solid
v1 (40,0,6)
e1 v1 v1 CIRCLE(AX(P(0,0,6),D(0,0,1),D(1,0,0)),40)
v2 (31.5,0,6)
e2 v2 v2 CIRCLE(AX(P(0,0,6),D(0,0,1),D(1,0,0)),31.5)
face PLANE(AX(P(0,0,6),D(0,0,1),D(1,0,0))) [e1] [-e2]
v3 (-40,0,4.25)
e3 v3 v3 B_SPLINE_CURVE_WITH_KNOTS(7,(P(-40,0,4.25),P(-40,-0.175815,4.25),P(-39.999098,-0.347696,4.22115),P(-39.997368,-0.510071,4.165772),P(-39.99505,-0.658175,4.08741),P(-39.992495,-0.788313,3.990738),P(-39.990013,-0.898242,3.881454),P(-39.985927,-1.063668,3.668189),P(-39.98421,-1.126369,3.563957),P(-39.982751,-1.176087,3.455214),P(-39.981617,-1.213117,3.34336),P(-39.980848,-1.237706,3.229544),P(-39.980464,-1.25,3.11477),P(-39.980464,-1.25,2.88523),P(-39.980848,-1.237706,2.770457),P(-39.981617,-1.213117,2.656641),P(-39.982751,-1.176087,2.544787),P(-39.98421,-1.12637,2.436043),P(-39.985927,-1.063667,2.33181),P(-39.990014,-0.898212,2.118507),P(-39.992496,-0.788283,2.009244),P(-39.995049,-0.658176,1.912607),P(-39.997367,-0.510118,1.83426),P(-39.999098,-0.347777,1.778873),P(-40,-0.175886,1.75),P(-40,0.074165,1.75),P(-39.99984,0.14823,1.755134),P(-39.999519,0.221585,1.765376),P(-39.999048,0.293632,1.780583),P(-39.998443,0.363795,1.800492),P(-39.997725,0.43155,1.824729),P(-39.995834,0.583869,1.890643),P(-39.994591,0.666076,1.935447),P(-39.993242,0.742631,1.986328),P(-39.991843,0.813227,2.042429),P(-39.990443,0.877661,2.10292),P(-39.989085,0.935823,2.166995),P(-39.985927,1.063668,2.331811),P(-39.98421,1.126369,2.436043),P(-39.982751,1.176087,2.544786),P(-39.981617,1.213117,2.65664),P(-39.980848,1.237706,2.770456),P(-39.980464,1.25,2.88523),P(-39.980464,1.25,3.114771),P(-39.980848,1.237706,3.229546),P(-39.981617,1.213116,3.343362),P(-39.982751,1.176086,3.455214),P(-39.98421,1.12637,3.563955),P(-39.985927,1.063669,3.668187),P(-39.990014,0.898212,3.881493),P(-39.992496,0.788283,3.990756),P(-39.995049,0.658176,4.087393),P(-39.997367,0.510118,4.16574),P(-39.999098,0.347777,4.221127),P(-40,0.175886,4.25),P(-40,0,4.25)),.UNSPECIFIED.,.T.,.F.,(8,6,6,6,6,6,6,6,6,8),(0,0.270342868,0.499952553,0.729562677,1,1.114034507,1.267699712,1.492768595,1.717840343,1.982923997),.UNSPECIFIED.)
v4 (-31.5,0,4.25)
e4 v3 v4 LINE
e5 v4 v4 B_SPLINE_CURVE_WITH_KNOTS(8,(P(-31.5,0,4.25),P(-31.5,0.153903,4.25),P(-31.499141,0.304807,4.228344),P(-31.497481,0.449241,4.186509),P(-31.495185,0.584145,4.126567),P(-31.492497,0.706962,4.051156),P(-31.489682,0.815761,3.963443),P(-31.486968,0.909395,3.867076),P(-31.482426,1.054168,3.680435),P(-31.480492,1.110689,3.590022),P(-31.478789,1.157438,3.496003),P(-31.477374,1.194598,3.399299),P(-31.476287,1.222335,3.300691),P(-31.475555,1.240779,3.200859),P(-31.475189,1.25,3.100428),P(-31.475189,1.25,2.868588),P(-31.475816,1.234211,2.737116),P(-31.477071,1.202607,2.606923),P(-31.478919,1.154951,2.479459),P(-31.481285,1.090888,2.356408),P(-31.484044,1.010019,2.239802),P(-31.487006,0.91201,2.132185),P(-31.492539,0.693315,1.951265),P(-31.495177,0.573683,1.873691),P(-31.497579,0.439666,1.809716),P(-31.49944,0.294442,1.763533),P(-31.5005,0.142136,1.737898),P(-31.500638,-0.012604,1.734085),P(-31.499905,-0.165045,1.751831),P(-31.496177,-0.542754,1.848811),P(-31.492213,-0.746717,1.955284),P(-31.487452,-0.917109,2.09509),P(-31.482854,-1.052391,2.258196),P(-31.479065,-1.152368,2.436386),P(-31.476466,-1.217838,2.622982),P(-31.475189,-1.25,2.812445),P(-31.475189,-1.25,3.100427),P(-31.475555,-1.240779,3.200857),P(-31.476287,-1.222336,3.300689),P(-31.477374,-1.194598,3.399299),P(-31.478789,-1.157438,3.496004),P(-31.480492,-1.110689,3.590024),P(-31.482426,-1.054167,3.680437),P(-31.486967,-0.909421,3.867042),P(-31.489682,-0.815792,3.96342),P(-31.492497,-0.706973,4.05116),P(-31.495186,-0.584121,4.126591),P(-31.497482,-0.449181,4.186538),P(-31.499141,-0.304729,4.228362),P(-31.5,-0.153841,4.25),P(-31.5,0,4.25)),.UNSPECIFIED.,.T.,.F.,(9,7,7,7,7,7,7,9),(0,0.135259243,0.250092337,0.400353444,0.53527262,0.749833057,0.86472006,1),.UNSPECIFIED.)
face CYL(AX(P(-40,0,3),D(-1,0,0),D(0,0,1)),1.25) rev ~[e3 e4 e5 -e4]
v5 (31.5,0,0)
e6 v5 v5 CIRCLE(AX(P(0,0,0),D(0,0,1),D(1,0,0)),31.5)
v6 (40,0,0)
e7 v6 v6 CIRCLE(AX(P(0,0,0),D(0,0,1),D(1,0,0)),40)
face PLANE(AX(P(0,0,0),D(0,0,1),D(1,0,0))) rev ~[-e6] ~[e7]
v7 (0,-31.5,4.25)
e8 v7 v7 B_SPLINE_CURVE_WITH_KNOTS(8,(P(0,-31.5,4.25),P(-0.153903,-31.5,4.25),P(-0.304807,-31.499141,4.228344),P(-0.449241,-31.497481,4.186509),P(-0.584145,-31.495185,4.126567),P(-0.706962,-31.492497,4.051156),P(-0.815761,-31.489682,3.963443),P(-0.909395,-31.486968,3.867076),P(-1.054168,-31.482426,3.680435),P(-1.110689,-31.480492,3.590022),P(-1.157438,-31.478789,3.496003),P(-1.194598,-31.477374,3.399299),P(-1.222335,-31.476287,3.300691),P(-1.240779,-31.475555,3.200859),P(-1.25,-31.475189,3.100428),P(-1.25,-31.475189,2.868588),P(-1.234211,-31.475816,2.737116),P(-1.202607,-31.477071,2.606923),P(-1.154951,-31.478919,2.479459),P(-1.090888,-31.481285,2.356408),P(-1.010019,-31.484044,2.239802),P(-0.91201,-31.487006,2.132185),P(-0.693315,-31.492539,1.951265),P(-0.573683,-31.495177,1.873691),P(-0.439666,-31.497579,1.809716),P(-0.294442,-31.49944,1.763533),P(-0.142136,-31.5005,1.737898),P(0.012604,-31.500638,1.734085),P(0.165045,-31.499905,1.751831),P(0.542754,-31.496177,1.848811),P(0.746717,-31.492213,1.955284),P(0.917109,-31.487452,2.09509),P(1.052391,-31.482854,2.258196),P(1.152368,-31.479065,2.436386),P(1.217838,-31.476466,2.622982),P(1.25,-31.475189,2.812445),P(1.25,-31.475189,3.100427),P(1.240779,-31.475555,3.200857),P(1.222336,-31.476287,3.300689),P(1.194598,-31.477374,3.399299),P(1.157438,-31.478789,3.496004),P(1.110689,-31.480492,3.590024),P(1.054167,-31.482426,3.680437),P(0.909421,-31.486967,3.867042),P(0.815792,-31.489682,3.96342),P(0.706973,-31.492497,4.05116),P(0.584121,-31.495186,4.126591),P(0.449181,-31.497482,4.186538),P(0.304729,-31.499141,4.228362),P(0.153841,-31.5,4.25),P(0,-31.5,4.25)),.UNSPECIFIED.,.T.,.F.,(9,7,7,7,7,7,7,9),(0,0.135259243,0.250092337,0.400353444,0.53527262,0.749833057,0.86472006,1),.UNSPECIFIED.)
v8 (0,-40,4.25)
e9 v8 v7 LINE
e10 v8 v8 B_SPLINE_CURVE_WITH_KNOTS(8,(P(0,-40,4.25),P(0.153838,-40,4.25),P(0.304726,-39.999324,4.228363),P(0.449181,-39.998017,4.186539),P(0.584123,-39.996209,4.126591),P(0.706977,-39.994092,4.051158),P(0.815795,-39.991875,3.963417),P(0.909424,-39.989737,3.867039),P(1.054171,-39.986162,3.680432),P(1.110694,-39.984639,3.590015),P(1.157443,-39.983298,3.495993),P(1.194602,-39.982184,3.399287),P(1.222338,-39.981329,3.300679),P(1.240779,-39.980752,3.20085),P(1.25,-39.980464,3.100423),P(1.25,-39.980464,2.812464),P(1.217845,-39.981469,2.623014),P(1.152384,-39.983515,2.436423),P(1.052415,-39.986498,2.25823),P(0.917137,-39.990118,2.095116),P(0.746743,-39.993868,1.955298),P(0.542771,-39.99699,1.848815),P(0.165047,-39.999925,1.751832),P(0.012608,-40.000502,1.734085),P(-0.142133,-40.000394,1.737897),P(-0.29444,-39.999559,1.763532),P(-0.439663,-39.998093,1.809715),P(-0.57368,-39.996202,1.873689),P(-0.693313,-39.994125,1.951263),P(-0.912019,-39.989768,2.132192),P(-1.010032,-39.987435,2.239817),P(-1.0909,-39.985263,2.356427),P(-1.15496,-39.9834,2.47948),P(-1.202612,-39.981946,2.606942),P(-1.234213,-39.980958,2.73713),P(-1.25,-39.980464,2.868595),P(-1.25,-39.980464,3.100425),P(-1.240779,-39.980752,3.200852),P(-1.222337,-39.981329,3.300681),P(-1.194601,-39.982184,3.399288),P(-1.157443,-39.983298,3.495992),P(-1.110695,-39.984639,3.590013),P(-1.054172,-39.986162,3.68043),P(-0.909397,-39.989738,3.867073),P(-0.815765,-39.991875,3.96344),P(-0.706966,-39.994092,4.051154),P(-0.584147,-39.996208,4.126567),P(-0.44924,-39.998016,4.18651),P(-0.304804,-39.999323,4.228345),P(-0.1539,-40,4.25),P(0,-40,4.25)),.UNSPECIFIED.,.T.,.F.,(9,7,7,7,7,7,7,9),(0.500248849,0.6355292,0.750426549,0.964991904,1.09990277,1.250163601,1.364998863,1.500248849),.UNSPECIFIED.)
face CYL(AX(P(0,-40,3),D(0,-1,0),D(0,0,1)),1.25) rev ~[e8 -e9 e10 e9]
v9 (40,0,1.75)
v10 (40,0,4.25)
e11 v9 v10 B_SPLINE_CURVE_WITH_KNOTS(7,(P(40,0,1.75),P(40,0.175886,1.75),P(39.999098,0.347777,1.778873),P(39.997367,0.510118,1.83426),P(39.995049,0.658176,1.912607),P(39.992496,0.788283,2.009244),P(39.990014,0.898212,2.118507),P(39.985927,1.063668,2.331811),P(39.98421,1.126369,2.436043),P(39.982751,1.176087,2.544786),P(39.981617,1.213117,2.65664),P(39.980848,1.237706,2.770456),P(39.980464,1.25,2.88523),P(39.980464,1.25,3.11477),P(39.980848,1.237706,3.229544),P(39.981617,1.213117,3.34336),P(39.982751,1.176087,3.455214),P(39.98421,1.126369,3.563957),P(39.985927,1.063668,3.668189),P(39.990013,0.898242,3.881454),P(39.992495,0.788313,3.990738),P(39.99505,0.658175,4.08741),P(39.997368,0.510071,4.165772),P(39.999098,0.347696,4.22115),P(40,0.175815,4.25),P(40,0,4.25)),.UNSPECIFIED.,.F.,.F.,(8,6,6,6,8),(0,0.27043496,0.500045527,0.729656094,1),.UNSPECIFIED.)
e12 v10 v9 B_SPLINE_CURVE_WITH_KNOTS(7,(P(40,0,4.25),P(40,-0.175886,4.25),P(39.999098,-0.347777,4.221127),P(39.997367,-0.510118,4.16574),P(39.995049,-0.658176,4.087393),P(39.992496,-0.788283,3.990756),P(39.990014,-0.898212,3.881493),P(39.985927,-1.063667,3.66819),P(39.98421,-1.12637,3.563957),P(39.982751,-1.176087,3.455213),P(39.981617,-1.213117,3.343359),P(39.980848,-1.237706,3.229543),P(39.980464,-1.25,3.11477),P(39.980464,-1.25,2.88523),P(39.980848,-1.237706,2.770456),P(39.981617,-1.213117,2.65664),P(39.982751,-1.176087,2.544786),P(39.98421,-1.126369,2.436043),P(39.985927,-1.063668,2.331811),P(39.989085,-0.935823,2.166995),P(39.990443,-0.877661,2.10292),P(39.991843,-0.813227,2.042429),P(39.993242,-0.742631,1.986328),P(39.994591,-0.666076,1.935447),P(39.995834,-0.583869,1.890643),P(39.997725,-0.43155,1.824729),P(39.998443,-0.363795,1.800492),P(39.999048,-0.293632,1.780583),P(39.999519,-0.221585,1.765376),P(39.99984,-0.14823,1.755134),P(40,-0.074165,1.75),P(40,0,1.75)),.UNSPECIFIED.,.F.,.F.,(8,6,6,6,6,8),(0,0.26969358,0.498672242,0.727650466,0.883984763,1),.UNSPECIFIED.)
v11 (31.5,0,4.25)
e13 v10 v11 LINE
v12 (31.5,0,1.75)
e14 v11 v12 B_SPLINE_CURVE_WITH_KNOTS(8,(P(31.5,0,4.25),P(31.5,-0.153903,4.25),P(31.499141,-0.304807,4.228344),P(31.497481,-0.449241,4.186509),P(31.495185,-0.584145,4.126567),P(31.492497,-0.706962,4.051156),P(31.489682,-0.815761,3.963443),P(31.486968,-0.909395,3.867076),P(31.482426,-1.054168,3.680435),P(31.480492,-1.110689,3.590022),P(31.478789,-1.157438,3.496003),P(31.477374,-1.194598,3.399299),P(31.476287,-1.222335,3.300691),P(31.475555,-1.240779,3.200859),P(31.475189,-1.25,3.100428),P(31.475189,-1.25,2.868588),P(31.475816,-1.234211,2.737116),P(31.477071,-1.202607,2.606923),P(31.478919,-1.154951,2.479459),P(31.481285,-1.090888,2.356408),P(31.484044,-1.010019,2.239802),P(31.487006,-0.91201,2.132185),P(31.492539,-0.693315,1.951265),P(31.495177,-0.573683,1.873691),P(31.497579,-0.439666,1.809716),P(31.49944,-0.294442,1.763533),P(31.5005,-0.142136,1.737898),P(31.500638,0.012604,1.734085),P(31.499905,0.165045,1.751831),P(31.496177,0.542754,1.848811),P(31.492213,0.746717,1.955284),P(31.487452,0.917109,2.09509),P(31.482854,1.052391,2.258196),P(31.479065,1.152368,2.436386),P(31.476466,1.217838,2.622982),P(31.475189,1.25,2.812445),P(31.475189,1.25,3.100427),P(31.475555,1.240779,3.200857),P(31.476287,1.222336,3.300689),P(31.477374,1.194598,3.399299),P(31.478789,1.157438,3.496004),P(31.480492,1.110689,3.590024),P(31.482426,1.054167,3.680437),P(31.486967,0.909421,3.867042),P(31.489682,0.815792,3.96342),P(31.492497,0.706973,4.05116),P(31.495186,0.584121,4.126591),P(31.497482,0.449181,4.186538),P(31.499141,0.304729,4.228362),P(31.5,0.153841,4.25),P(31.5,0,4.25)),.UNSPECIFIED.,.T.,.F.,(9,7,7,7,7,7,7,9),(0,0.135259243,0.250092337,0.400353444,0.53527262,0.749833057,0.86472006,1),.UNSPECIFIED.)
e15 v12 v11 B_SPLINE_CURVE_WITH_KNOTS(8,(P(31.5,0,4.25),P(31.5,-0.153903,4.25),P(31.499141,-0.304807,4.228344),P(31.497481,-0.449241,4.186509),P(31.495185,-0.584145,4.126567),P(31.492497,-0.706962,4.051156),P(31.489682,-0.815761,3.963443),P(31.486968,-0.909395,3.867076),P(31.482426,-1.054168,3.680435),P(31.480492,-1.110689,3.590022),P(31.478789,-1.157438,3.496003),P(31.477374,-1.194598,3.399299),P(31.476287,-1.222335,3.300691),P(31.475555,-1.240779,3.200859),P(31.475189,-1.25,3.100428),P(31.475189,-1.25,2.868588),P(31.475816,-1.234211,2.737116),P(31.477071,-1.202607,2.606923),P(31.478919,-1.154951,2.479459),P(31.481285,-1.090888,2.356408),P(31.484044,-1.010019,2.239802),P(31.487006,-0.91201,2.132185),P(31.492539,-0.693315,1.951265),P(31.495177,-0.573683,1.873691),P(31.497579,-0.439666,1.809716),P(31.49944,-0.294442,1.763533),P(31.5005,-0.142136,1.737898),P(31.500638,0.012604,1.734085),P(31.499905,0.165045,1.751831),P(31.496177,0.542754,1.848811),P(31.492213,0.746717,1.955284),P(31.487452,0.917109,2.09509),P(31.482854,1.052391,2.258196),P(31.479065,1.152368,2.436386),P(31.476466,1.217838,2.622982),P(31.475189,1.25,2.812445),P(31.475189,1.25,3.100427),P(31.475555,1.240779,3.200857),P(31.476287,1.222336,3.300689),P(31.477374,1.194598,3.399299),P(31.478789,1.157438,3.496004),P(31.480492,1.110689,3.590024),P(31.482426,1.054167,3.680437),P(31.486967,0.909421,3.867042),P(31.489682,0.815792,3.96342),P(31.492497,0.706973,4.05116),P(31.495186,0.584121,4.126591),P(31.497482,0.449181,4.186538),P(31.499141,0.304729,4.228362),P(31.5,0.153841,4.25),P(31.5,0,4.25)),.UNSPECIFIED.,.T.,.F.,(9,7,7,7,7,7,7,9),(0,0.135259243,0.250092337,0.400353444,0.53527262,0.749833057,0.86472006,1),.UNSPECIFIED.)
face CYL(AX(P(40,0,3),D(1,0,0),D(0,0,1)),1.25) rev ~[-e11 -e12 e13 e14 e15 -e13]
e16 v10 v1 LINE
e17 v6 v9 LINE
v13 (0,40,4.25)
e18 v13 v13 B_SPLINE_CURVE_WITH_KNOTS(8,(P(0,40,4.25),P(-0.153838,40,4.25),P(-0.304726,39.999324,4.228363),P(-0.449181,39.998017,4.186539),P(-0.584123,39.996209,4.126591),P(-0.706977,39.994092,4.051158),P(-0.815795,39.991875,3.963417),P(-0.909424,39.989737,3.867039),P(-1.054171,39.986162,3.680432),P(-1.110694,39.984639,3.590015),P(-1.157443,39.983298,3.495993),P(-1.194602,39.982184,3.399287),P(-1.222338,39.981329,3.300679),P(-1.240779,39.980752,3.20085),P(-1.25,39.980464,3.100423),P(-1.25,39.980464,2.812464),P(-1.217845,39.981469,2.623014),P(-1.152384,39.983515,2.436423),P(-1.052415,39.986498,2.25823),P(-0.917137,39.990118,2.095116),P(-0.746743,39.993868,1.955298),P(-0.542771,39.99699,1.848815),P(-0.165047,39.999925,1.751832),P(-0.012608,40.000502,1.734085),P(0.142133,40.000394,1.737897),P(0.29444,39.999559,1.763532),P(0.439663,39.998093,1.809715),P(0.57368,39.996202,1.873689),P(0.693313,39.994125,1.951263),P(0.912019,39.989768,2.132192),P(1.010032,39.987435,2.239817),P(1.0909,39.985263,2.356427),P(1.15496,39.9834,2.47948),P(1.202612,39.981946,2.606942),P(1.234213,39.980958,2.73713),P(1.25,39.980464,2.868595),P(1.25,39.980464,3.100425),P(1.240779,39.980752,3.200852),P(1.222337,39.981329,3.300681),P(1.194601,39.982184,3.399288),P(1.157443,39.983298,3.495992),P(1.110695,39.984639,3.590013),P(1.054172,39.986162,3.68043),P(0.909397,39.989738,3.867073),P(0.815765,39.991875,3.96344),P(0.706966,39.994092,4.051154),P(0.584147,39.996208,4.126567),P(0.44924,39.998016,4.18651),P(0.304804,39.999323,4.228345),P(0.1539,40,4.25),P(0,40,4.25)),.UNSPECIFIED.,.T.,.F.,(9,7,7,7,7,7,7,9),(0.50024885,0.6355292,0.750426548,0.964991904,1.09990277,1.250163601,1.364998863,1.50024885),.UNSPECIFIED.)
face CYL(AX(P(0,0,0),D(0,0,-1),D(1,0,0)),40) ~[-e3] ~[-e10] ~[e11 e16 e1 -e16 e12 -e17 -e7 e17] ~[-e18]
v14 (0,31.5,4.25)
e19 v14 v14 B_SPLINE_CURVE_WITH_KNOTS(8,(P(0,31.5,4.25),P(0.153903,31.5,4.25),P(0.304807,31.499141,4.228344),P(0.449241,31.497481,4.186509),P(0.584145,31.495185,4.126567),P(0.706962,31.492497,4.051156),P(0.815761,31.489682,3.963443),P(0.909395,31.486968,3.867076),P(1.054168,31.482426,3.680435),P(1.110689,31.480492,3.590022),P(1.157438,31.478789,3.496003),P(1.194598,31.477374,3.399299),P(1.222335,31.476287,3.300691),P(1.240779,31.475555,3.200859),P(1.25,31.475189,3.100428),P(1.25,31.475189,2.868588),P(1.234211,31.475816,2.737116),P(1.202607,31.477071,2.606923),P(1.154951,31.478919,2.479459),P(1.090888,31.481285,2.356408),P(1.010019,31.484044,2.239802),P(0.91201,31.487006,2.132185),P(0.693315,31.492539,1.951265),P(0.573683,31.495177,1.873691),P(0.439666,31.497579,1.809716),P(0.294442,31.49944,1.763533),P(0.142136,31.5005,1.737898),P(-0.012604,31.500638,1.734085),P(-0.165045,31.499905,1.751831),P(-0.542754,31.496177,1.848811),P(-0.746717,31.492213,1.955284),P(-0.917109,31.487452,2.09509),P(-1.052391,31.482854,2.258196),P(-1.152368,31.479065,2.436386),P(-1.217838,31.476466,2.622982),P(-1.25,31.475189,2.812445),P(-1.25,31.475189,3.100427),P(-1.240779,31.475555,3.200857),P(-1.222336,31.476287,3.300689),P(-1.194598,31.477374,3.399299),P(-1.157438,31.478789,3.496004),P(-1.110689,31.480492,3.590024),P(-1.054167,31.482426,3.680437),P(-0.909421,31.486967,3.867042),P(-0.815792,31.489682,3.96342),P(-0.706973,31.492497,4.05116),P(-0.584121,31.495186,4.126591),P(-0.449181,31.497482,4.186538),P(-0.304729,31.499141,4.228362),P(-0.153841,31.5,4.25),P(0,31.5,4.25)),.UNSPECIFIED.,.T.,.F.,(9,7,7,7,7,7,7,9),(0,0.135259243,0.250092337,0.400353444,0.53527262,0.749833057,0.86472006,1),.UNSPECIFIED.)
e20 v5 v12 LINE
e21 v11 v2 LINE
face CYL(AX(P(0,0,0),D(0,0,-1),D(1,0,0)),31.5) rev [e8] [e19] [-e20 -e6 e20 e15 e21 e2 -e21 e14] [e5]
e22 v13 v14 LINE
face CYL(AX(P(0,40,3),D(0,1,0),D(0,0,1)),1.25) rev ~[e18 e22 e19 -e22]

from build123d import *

# Parameters (mm, degrees)
SKETCH1_R               = 40
SKETCH1_R_2             = 31.5
BOSS_EXTRUDE1_DEPTH     = 6
CUT_EXTRUDE1_REACH      = 91.644
CUT_EXTRUDE1_END_RADIUS = 31.5
SKETCH2_R               = 1.25
CIRPATTERN1_COUNT       = 4


with BuildPart() as part:
    # Sketch1 → Boss-Extrude1 (new body)
    with BuildSketch(Plane.XY):
        Circle(SKETCH1_R)
        Circle(SKETCH1_R_2, mode=Mode.SUBTRACT)
    extrude(amount=BOSS_EXTRUDE1_DEPTH)

    # Cut-Extrude1: up to this cylinder (the profile starts outside it)
    cut_extrude1_end = Plane(origin=(0, 0, 3), z_dir=(0, 0, -1)) * Cylinder(CUT_EXTRUDE1_END_RADIUS, 247.288, mode=Mode.PRIVATE)
    # Sketch2 → Cut-Extrude1 (cut, up to the surface)
    with BuildSketch(Plane(origin=(0, 40, 0), x_dir=(1, 0, 0), z_dir=(0, 1, 0)), mode=Mode.PRIVATE) as cut_extrude1_sk1:
        with Locations(Location((0, -3, 0), (0, 0, 270))):
            Circle(SKETCH2_R)
    cut_extrude1_tool1 = extrude(cut_extrude1_sk1.sketch, amount=-CUT_EXTRUDE1_REACH, mode=Mode.PRIVATE) - cut_extrude1_end
    cut_extrude1 = cut_extrude1_tool1.solids().sort_by_distance((0, 40, 3))[0]
    add(cut_extrude1, mode=Mode.SUBTRACT)

    # CirPattern1: Cut-Extrude1 ×4 about axis
    cirpattern1_axis = Axis((0, 0, 6), (0, 0, -1))
    for i in range(1, CIRPATTERN1_COUNT):
        add(cut_extrude1.rotate(cirpattern1_axis, i * 360 / CIRPATTERN1_COUNT), mode=Mode.SUBTRACT)


solid = part.part
